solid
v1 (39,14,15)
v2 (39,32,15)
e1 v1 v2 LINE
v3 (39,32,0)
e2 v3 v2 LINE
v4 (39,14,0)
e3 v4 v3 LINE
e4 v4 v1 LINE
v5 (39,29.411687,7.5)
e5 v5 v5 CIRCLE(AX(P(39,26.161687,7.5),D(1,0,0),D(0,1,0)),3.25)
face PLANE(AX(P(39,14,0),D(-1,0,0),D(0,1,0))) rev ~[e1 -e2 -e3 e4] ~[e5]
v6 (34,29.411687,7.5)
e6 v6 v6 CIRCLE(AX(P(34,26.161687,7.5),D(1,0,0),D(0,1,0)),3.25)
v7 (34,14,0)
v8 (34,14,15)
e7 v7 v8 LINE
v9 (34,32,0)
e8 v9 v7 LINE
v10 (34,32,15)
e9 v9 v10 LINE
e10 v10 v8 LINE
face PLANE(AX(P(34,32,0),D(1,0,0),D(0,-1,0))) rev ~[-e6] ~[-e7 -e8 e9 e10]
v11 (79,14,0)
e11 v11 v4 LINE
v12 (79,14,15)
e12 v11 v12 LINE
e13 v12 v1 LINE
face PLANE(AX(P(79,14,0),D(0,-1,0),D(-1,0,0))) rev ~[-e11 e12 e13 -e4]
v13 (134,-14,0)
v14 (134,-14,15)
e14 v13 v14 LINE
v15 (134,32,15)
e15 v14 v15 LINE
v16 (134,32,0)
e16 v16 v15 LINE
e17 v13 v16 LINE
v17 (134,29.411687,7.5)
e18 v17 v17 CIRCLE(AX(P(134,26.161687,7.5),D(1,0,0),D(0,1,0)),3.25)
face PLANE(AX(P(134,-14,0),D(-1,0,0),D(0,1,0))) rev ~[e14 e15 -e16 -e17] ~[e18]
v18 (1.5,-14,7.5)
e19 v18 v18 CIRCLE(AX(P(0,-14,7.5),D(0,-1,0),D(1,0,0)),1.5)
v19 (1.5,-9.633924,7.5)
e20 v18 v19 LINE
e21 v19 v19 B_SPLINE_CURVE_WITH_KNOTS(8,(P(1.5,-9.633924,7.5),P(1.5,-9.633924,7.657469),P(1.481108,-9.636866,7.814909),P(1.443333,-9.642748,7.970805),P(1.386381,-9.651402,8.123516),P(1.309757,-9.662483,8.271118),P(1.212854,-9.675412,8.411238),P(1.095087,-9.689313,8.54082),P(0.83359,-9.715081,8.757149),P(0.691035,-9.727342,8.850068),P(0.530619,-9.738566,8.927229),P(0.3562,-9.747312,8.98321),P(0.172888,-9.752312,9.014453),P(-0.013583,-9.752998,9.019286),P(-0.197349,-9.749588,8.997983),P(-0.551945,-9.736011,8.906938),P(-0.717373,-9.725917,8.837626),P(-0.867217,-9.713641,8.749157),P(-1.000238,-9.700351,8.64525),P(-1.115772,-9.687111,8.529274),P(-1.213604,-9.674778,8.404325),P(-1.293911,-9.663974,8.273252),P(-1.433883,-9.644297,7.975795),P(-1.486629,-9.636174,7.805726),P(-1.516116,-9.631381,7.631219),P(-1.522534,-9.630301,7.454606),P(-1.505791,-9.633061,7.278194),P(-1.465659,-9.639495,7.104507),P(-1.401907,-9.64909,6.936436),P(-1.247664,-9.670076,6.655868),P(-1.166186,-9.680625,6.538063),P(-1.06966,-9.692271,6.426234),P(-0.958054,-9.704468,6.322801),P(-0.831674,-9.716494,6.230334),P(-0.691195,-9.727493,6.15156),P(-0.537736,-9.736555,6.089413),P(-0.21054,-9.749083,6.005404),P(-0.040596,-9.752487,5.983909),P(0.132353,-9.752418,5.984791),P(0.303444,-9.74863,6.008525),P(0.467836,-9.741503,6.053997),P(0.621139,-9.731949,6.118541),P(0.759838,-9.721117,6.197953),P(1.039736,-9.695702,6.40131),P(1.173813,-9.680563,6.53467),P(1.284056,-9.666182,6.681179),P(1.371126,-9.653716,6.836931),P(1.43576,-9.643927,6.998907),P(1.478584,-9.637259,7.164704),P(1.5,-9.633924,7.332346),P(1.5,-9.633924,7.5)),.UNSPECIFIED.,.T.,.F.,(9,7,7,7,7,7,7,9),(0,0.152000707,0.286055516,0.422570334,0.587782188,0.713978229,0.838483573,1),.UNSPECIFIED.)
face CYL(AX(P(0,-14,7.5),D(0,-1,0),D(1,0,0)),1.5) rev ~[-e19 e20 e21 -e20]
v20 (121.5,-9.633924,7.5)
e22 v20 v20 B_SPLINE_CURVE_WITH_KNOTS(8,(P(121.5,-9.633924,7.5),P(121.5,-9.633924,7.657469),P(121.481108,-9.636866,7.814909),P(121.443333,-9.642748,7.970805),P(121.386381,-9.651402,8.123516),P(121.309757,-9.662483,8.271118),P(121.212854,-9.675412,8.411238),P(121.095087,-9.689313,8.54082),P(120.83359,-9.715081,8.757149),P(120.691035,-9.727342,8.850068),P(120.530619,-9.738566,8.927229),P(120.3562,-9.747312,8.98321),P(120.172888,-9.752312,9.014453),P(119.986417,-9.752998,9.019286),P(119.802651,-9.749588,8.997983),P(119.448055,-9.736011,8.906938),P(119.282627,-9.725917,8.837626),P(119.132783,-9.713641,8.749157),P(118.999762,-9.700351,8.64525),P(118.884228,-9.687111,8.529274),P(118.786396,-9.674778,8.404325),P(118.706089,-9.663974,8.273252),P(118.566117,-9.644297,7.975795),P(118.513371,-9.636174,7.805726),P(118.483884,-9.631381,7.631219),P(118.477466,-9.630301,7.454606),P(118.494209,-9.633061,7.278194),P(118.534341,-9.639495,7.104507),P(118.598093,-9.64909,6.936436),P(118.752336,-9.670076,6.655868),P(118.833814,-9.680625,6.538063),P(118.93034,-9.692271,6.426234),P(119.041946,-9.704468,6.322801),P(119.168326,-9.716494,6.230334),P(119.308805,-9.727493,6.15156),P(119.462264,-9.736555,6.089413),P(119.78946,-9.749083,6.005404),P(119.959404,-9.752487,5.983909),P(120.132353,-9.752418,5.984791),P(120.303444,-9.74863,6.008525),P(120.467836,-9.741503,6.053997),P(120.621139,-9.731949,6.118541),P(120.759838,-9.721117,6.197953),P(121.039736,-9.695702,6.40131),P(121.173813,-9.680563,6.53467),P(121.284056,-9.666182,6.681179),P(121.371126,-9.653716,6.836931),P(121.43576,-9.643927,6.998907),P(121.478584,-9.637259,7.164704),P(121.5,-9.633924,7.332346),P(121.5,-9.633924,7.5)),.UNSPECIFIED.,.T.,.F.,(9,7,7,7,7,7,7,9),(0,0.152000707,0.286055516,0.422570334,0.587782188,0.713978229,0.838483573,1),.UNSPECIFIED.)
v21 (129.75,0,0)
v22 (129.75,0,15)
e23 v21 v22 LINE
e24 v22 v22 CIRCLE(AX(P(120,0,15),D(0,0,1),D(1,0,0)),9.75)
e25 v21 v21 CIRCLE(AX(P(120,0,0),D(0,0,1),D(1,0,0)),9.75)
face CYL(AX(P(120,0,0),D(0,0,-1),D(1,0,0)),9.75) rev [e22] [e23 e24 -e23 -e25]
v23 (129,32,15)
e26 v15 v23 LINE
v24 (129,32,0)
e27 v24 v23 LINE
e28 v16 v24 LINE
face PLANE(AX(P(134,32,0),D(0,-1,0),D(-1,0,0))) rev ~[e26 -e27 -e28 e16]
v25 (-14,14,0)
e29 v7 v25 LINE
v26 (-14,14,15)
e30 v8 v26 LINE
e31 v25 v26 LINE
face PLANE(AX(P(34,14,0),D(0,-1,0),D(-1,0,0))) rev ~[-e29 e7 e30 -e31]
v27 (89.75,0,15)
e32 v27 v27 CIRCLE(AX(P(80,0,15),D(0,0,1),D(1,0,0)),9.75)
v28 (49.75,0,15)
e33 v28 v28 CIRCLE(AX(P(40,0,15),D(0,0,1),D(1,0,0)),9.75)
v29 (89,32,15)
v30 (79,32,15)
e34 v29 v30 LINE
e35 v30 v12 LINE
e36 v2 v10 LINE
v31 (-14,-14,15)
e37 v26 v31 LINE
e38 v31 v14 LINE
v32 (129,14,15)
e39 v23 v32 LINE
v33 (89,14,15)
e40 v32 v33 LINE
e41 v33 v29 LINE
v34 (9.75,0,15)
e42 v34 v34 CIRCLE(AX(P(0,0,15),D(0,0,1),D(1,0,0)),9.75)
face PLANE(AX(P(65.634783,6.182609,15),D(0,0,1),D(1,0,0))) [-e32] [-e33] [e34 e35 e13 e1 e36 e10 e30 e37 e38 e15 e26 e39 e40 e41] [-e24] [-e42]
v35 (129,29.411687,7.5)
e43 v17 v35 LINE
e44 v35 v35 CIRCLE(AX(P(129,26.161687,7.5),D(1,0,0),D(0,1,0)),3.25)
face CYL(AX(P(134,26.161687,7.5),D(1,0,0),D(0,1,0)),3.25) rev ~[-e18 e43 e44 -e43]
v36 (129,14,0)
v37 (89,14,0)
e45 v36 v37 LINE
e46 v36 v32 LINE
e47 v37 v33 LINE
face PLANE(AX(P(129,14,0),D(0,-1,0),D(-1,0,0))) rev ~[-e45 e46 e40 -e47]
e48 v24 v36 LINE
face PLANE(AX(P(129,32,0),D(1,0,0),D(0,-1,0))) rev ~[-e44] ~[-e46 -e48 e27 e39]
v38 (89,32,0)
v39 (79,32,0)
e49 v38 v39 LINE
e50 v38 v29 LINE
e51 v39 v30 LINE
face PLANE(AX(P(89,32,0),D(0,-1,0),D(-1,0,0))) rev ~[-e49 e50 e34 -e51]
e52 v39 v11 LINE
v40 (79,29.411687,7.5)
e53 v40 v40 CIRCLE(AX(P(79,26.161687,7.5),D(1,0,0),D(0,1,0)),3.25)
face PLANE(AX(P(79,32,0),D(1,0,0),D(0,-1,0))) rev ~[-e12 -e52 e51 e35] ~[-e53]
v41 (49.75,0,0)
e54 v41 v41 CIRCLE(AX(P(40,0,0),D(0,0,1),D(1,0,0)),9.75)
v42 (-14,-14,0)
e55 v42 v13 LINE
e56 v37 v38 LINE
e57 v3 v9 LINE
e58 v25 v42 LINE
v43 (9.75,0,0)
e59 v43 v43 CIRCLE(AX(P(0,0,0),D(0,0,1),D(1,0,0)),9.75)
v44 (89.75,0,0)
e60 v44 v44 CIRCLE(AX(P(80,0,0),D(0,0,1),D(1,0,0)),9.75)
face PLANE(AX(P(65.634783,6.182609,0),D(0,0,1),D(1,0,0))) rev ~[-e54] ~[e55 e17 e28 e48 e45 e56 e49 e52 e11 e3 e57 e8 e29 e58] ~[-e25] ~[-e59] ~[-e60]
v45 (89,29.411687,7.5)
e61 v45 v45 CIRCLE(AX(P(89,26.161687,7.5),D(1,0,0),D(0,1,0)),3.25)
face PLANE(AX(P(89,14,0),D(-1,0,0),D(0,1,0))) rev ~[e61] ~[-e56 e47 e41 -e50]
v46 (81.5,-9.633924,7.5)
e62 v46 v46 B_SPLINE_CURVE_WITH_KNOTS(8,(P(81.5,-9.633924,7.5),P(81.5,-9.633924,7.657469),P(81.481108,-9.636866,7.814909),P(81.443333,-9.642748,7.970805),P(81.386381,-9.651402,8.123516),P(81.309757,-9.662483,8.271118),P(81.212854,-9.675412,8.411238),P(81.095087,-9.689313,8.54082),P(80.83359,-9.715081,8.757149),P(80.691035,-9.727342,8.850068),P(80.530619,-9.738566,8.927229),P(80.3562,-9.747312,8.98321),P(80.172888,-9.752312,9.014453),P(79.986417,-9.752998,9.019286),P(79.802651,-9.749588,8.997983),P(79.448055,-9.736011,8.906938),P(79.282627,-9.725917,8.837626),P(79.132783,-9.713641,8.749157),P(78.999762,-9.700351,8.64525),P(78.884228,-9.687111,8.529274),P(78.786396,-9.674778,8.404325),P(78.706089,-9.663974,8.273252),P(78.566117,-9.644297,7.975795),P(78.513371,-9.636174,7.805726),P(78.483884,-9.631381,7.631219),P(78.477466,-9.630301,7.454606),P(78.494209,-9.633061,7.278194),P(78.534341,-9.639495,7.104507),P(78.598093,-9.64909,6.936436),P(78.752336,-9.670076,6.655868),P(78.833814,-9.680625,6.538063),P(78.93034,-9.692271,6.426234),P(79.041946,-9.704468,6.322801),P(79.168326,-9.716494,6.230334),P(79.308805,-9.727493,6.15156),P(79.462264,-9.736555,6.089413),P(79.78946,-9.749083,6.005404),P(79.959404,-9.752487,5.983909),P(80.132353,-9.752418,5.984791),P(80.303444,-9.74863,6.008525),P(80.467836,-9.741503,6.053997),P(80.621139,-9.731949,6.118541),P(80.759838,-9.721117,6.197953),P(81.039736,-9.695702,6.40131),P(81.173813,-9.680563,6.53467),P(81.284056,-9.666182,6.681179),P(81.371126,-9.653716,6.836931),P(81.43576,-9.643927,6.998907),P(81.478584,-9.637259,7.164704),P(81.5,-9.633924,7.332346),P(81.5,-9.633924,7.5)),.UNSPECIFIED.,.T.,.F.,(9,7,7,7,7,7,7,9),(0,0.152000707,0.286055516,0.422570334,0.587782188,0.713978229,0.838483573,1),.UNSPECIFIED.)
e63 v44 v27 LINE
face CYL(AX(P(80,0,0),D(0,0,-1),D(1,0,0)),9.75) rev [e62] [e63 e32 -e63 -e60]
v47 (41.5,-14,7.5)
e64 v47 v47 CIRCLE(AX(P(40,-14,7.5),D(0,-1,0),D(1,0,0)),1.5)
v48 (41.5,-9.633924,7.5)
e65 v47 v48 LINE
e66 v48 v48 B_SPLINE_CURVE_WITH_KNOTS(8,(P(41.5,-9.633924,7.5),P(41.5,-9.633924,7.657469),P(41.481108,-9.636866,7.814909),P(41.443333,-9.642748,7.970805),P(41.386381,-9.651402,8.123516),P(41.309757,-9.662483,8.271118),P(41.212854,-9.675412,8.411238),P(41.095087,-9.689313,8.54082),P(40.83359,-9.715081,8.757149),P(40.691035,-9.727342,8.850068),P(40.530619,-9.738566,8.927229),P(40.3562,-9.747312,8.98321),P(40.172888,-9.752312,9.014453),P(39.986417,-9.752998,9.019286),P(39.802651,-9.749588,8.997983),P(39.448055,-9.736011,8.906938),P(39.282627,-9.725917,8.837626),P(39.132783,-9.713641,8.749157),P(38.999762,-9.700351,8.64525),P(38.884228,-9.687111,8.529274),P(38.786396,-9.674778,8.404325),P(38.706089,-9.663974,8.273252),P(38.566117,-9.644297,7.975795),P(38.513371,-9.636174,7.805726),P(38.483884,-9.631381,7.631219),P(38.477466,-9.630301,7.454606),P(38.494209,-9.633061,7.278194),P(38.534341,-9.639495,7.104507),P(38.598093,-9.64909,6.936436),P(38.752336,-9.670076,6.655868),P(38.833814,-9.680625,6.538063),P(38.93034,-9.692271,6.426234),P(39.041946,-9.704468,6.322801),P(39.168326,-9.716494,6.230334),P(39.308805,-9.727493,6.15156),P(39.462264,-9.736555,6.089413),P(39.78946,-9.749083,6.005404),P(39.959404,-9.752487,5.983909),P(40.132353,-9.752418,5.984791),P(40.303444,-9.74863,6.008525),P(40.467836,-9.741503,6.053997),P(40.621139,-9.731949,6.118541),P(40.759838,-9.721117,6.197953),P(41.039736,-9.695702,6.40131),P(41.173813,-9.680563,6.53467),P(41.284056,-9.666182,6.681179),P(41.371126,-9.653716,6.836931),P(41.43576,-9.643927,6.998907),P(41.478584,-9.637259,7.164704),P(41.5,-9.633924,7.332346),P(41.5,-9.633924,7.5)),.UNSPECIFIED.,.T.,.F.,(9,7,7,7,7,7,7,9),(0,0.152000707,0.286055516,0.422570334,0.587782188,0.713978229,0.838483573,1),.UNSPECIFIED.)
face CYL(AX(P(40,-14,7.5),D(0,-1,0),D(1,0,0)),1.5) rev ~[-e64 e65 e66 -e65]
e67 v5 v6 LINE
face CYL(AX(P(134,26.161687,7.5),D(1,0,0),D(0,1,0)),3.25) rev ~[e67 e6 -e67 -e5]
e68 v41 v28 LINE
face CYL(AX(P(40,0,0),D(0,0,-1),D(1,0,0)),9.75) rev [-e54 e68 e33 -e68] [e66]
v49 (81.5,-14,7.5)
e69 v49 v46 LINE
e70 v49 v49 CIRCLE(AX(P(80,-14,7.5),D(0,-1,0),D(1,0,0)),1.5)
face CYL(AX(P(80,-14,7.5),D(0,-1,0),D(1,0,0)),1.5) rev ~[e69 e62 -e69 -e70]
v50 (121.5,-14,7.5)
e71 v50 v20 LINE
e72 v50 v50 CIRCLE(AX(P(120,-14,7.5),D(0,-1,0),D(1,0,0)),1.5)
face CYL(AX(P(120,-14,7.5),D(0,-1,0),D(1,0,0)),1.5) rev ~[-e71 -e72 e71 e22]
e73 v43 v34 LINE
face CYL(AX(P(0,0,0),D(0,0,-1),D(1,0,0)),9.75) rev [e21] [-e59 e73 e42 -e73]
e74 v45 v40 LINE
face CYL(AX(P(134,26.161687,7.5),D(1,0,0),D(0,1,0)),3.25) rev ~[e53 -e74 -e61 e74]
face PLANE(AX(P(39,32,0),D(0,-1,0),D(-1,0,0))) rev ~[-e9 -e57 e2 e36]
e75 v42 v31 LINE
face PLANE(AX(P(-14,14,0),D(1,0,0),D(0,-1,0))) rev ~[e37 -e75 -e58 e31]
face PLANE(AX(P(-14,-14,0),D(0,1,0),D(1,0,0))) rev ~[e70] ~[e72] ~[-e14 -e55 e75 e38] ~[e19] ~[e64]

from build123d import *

# Parameters (mm, degrees)
F0_R     = 9.75
F1_DEPTH = 15
F2_R     = 3.25
F3_DEPTH = 125
F4_R     = 1.5
F5_DEPTH = 8


with BuildPart() as f1:
    # F0 (on Top) → F1 (new body)
    with BuildSketch(Plane.XY):
        Polygon((34, 14), (-14, 14), (-14, -14), (134, -14), (134, 14), (134, 32), (129, 32), (129, 14), (89, 14), (89, 32), (79, 32), (79, 14), (39, 14), (39, 32), (34, 32), align=None)
        Circle(F0_R, mode=Mode.SUBTRACT)
        with Locations((40, 0)):
            Circle(F0_R, mode=Mode.SUBTRACT)
        with Locations((80, 0)):
            Circle(F0_R, mode=Mode.SUBTRACT)
        with Locations((120, 0)):
            Circle(F0_R, mode=Mode.SUBTRACT)
    extrude(amount=F1_DEPTH)

    # F2 (on face) → F3 (cut)
    with BuildSketch(Plane.YZ.offset(134)):
        with Locations((26.161687, 7.5)):
            Circle(F2_R)
    extrude(amount=-F3_DEPTH, mode=Mode.SUBTRACT)

    # F4 (on face) → F5 (cut)
    with BuildSketch(Plane.XZ.offset(14)):
        with Locations((120, 7.5)):
            Circle(F4_R)
        with Locations((80, 7.5)):
            Circle(F4_R)
        with Locations((40, 7.5)):
            Circle(F4_R)
        with Locations((0, 7.5)):
            Circle(F4_R)
    extrude(amount=-F5_DEPTH, mode=Mode.SUBTRACT)


solid = f1.part
